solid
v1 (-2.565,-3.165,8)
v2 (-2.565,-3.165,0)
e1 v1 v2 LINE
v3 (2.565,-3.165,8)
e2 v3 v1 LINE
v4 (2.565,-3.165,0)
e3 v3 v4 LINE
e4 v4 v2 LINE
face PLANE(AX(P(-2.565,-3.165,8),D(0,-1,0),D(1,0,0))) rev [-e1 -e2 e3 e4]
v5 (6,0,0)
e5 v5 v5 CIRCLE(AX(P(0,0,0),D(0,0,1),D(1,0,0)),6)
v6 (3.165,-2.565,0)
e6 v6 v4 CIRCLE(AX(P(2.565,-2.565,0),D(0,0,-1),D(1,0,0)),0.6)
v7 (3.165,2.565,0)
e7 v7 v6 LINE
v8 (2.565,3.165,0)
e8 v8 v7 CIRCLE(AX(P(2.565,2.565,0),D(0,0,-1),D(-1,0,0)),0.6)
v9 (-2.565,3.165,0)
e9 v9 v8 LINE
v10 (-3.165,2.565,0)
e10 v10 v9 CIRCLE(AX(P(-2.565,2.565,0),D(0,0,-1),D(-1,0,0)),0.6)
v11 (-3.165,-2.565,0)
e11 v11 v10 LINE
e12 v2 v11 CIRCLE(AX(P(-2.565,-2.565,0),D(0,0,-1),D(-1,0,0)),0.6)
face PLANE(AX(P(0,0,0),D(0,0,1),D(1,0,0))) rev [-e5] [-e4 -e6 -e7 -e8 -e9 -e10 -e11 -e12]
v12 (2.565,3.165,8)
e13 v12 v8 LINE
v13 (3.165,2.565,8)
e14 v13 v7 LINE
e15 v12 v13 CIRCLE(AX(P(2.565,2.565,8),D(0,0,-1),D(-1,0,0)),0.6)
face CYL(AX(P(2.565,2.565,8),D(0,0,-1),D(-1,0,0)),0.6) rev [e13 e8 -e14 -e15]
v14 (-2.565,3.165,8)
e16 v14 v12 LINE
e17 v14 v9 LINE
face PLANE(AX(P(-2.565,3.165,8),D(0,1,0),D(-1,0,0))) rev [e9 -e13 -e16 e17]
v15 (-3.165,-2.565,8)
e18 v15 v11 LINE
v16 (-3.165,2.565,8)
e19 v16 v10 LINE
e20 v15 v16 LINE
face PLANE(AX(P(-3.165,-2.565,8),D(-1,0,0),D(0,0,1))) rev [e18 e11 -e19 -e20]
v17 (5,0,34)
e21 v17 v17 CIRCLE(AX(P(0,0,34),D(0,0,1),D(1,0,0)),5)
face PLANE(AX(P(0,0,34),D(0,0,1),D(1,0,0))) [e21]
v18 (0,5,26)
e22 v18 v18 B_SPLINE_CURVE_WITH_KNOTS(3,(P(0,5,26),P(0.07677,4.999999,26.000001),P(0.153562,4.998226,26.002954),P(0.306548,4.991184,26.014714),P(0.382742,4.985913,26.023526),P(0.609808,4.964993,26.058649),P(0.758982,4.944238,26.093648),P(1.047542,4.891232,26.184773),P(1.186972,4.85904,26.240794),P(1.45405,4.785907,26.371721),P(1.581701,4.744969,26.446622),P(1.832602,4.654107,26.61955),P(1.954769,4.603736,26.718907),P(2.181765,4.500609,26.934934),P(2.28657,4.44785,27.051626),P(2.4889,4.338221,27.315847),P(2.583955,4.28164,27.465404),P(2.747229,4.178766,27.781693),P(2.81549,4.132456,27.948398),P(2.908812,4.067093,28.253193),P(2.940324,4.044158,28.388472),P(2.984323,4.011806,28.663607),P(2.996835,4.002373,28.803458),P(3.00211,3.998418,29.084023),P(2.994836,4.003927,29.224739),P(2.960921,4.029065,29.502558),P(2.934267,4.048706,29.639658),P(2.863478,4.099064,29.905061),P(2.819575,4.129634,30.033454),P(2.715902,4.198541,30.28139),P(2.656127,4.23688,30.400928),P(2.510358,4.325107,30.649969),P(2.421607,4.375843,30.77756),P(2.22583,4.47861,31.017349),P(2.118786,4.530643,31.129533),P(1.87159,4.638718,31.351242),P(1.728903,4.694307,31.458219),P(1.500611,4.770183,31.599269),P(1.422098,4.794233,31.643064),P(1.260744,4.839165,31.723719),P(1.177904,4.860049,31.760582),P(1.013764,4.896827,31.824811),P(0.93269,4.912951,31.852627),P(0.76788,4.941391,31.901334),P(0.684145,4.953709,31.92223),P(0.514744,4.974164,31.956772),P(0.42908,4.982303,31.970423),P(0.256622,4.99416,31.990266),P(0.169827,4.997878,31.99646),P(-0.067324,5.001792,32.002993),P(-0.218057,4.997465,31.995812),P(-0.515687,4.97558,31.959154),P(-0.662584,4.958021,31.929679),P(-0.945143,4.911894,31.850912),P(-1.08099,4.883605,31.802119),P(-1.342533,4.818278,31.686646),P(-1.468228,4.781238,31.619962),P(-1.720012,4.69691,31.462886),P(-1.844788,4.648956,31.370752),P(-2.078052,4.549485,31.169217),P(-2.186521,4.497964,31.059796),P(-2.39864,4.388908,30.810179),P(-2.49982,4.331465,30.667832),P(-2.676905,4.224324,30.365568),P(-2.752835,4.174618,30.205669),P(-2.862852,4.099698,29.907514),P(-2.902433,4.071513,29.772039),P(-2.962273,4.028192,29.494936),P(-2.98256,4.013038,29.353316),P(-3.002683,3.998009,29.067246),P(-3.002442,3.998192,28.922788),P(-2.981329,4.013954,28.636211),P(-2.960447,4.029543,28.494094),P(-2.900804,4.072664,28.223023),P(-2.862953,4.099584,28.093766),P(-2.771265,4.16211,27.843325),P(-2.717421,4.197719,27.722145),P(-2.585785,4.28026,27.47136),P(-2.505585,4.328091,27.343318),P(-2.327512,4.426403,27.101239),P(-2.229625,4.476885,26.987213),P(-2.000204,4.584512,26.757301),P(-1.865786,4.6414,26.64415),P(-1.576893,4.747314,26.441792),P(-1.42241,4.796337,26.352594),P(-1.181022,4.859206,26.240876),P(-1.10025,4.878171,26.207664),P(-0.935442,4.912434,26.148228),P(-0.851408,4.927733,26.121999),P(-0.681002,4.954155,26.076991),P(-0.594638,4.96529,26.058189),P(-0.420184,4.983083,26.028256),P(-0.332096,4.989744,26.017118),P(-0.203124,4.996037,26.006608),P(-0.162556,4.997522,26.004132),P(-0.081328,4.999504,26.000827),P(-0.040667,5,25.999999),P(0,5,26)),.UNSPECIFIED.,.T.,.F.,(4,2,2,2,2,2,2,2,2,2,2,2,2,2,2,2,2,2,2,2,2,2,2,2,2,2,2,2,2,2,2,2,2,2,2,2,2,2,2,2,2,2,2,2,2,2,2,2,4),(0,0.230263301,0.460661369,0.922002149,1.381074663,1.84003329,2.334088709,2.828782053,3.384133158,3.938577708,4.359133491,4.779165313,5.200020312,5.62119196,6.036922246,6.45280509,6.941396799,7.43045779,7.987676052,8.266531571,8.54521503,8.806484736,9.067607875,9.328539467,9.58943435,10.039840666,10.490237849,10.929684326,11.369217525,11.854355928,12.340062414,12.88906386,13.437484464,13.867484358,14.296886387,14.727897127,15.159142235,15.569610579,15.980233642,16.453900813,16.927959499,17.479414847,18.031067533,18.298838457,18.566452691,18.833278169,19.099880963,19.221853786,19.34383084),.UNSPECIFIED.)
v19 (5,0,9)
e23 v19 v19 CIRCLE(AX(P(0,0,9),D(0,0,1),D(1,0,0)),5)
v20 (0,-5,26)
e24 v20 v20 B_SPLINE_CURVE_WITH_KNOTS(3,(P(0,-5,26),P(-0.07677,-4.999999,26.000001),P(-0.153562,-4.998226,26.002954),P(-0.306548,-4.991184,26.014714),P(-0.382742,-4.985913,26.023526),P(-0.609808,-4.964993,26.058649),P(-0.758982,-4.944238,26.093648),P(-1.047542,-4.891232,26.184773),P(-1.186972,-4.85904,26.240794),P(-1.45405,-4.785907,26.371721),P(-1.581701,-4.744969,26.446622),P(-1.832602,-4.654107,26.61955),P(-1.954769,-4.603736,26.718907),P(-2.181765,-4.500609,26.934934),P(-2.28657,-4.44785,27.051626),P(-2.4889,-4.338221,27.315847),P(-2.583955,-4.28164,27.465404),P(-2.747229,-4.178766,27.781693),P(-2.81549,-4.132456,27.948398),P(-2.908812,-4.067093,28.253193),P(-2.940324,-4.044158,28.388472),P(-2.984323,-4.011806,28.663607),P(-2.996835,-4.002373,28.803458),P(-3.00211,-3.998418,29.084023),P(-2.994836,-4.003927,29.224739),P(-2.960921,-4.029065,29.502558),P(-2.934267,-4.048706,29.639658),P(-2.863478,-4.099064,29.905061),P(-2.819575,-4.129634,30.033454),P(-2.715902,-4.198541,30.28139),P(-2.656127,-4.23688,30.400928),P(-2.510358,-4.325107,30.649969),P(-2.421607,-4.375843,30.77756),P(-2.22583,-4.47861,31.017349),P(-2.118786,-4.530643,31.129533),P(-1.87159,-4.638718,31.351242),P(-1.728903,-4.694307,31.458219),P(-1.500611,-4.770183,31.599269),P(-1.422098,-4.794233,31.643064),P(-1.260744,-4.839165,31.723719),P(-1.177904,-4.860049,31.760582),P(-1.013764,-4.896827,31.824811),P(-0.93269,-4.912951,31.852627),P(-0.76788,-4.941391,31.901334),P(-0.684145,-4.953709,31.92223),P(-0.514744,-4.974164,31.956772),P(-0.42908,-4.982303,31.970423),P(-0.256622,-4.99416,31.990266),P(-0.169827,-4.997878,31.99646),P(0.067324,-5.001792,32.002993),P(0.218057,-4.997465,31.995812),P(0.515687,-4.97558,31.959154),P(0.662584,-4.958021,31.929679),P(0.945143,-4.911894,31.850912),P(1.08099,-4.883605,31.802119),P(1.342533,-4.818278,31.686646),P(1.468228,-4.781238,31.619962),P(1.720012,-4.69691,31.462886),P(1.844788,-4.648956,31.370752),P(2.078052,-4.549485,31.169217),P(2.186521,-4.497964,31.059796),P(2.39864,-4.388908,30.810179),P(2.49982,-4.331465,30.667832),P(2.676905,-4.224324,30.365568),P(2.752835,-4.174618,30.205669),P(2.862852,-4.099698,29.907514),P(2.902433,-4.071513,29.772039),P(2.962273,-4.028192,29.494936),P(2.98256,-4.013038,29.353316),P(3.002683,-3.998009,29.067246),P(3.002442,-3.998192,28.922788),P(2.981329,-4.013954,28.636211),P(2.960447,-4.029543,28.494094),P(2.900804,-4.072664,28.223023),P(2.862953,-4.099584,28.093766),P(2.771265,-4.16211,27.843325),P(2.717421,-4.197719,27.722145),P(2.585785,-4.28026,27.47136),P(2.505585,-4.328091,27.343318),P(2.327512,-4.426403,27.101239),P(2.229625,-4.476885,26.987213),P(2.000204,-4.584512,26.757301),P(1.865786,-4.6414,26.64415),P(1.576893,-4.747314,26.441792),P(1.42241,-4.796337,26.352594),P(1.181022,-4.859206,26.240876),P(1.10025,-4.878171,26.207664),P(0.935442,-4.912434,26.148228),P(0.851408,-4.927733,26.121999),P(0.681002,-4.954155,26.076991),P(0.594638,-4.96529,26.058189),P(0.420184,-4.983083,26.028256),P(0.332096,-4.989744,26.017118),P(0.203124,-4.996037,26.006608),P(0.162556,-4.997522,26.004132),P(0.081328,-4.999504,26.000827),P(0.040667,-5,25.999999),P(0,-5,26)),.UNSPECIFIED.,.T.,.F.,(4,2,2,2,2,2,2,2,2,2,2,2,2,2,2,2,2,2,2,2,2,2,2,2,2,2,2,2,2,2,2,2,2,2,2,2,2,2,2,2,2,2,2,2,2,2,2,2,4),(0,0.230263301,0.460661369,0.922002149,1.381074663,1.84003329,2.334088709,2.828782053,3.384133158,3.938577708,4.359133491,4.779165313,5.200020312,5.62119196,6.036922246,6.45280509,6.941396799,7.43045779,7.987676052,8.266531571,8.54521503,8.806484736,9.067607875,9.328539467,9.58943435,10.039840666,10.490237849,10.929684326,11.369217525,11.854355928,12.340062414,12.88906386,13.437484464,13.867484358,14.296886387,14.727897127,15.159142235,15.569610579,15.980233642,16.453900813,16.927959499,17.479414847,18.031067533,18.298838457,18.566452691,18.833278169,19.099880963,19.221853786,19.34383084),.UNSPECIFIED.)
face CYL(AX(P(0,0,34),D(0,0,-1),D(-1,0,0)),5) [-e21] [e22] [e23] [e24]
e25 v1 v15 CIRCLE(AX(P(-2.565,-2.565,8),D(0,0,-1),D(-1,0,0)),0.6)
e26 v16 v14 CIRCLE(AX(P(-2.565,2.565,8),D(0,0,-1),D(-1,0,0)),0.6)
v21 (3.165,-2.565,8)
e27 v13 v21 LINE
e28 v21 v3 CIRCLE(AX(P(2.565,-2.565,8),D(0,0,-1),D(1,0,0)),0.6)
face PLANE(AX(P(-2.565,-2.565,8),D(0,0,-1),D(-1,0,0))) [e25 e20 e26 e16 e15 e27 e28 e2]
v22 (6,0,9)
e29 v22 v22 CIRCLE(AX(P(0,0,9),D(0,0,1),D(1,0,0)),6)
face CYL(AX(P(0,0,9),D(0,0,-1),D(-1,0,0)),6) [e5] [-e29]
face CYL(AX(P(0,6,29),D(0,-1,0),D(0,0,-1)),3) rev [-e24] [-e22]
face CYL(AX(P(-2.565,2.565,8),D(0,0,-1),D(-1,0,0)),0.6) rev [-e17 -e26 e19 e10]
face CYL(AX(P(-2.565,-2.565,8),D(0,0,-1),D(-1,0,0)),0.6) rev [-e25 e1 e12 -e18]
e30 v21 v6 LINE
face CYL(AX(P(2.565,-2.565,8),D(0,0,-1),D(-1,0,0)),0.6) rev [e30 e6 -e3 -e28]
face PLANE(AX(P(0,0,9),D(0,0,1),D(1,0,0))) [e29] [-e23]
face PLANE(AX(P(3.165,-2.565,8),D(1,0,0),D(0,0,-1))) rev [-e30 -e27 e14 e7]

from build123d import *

# Parameters (mm, degrees)
SKETCH_1_R          = 5
EXTRUDE_1_DEPTH     = 34
SKETCH_4_R          = 6
EXTRUDE_2_DEPTH     = 9
CUT_EXTRUDE_1_DEPTH = 8
SKETCH_3_R          = 3
CUT_EXTRUDE_2_DEPTH = 12


with BuildPart() as part:
    # 草图1 → 凸台-拉伸1 (new body)
    with BuildSketch(Plane.XY):
        Circle(SKETCH_1_R)
    extrude(amount=EXTRUDE_1_DEPTH)

    # 草图4 → 凸台-拉伸2 (add)
    with BuildSketch(Plane.XY):
        Circle(SKETCH_4_R)
    extrude(amount=EXTRUDE_2_DEPTH)

    # 草图2 → 切除-拉伸1 (cut)
    with BuildSketch(Plane(origin=(0, 0, 0), x_dir=(-1, 0, 0), z_dir=(0, 0, -1))):
        with BuildLine():
            Line((2.565, -3.165), (-2.565, -3.165))
            ThreePointArc((-2.565, -3.165), (-2.989264069, -2.989264069), (-3.165, -2.565))
            Line((-3.165, -2.565), (-3.165, 2.565))
            ThreePointArc((-3.165, 2.565), (-2.989264069, 2.989264069), (-2.565, 3.165))
            Line((-2.565, 3.165), (2.565, 3.165))
            ThreePointArc((2.565, 3.165), (2.989264069, 2.989264069), (3.165, 2.565))
            Line((3.165, 2.565), (3.165, -2.565))
            ThreePointArc((3.165, -2.565), (2.989264069, -2.989264069), (2.565, -3.165))
        make_face()
    extrude(amount=-CUT_EXTRUDE_1_DEPTH, mode=Mode.SUBTRACT)

    # 草图3 → 切除-拉伸2 (cut, through all)
    with BuildSketch(Plane(origin=(0, -5, 0), x_dir=(-1, 0, 0), z_dir=(0, -1, 0))):
        with Locations((0, -29)):
            Circle(SKETCH_3_R)
    extrude(amount=-CUT_EXTRUDE_2_DEPTH, mode=Mode.SUBTRACT)


solid = part.part
